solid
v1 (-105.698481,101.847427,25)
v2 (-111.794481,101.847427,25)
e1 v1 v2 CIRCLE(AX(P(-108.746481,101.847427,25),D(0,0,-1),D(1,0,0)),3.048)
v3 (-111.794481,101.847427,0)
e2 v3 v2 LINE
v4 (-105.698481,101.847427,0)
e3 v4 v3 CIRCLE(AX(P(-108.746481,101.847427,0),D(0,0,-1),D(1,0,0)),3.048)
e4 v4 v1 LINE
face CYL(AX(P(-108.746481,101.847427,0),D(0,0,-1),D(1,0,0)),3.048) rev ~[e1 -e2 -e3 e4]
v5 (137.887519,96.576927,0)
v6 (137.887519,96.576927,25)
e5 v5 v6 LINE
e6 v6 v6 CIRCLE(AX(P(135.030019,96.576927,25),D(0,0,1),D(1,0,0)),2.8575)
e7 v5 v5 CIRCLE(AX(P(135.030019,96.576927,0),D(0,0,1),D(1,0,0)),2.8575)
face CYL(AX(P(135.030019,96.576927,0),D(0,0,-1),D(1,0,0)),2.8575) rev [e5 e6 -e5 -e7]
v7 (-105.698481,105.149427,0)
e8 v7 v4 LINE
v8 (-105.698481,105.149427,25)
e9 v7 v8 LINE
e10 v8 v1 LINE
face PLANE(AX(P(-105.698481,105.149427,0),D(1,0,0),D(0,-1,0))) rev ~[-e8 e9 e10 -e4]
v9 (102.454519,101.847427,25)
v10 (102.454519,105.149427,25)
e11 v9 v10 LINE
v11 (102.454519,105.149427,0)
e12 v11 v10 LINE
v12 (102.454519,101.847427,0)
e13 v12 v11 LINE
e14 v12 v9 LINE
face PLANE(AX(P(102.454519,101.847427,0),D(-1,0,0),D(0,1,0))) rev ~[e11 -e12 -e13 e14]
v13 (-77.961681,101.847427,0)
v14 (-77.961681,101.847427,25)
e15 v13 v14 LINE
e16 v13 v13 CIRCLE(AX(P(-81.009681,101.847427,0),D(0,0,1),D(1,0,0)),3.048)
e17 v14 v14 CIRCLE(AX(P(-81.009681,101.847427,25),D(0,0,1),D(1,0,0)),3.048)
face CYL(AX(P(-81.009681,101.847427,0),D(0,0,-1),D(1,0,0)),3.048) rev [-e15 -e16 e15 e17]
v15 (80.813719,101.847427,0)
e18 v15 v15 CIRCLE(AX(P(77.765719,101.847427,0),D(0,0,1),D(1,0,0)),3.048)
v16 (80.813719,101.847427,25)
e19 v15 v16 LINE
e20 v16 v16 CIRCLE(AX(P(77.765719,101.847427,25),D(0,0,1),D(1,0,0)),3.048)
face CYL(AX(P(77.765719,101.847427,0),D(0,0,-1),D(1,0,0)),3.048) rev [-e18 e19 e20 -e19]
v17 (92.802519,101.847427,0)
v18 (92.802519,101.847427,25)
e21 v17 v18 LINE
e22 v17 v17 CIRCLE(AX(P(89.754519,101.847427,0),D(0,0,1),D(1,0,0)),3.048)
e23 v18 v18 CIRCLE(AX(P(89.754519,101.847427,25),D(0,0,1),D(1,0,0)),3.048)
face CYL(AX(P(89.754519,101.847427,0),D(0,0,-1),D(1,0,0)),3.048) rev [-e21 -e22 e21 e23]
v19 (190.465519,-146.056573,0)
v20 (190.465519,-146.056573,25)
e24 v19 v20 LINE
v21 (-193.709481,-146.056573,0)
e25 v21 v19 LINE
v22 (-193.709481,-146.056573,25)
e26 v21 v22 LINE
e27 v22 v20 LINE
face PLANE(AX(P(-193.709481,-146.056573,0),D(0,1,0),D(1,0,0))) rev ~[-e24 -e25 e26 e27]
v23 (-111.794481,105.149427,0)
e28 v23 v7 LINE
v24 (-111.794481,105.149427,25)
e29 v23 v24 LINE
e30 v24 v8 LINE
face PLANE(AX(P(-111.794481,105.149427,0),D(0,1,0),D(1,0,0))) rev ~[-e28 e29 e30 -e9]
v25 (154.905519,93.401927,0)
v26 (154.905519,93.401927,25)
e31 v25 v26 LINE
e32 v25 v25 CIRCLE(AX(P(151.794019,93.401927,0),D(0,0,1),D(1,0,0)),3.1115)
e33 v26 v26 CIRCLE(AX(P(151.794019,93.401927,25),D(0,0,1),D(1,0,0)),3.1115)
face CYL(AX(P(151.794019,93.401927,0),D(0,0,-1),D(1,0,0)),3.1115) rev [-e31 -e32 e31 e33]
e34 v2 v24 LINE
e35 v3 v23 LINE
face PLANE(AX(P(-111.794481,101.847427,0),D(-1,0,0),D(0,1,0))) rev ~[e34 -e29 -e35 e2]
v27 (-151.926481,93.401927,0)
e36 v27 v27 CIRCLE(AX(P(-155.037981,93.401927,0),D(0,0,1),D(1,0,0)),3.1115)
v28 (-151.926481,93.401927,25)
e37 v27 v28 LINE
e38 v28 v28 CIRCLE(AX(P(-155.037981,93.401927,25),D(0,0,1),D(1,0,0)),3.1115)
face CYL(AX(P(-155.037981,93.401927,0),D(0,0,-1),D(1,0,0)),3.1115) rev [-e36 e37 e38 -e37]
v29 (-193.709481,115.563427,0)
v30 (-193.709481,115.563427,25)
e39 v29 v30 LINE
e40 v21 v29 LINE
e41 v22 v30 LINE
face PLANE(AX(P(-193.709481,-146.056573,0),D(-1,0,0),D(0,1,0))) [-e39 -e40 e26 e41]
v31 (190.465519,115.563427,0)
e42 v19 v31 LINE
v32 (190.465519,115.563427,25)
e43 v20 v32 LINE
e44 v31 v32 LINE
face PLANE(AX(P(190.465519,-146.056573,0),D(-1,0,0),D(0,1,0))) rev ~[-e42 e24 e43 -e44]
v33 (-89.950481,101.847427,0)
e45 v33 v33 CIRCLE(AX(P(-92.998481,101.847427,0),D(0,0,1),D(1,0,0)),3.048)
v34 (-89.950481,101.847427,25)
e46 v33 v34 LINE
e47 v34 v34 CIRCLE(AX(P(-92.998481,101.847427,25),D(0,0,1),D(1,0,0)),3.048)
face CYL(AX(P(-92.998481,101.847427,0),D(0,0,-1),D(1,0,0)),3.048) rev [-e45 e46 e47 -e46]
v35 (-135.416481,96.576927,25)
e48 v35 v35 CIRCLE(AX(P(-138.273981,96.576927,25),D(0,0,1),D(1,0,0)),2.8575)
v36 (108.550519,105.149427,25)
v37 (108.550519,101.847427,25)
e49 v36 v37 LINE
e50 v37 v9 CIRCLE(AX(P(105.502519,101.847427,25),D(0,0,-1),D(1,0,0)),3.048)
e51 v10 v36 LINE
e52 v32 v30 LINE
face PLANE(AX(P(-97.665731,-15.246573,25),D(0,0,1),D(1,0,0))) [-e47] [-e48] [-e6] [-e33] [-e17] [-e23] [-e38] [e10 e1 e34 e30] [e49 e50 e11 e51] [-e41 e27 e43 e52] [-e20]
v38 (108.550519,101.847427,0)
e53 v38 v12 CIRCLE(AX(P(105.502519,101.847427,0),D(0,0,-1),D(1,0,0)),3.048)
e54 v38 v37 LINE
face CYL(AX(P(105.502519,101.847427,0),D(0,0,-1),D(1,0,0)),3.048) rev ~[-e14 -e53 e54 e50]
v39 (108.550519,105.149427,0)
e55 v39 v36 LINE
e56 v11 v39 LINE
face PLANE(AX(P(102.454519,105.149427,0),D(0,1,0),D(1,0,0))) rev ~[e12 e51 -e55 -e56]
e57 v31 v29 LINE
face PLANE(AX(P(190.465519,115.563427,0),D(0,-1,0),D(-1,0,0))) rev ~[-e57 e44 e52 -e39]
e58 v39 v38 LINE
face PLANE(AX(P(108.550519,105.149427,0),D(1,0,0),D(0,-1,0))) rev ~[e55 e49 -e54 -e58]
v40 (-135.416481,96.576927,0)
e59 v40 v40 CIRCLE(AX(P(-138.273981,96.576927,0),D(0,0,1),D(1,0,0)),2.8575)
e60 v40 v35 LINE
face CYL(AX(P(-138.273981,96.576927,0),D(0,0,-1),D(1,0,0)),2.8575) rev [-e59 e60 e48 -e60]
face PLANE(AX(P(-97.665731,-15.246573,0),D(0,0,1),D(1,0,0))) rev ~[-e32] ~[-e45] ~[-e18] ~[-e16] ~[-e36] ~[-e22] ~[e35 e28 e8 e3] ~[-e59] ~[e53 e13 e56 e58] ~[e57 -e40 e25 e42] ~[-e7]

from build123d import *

# Parameters (mm, degrees)
F0_W     = 192.0875
F0_H     = 261.62
F0_R     = 3.048
F0_R_2   = 2.8575
F0_R_3   = 3.1115
F1_DEPTH = 25


with BuildPart() as f1:
    # F0 (on Top) → F1 (new body)
    with BuildSketch(Plane.XY):
        with Locations((-97.6657310909, -15.2465730985)):
            Rectangle(F0_W, F0_H)
        Polygon((-159.5464810909, 107.4395775795), (-75.4724810909, 107.4395775795), (-75.4724810909, 88.3854269015), (-159.5464810909, 88.3854269015), (-159.5464810909, 100.9584269015), align=None, mode=Mode.SUBTRACT)
        with Locations((94.4217689091, -15.2465730985)):
            Rectangle(F0_W, F0_H)
        Polygon((156.3025189091, 88.3854269015), (72.2285189091, 88.3854269015), (72.2285189091, 107.4395775795), (156.3025189091, 107.4395775795), (156.3025189091, 100.9584269015), align=None, mode=Mode.SUBTRACT)
        Polygon((72.2285189091, 107.4395775795), (72.2285189091, 88.3854269015), (156.3025189091, 88.3854269015), (156.3025189091, 100.9584269015), (156.3025189091, 107.4395775795), align=None)
        with Locations((77.7657189091, 101.8474269015)):
            Circle(F0_R, mode=Mode.SUBTRACT)
        with Locations((89.7545189091, 101.8474269015)):
            Circle(F0_R, mode=Mode.SUBTRACT)
        with Locations((135.0300189091, 96.5769269015)):
            Circle(F0_R_2, mode=Mode.SUBTRACT)
        with BuildLine():
            ThreePointArc((108.5505189091, 101.8474269015), (105.5025189091, 98.7994269015), (102.4545189091, 101.8474269015))
            Line((102.4545189091, 101.8474269015), (102.4545189091, 105.1494269015))
            Line((102.4545189091, 105.1494269015), (108.5505189091, 105.1494269015))
            Line((108.5505189091, 105.1494269015), (108.5505189091, 101.8474269015))
        make_face(mode=Mode.SUBTRACT)
        with Locations((151.7940189091, 93.4019269015)):
            Circle(F0_R_3, mode=Mode.SUBTRACT)
        Polygon((-75.4724810909, 88.3854269015), (-75.4724810909, 107.4395775795), (-159.5464810909, 107.4395775795), (-159.5464810909, 100.9584269015), (-159.5464810909, 88.3854269015), align=None)
        with Locations((-155.0379810909, 93.4019269015)):
            Circle(F0_R_3, mode=Mode.SUBTRACT)
        with Locations((-138.2739810909, 96.5769269015)):
            Circle(F0_R_2, mode=Mode.SUBTRACT)
        with BuildLine():
            Line((-105.6984810909, 105.1494269015), (-105.6984810909, 101.8474269015))
            ThreePointArc((-105.6984810909, 101.8474269015), (-108.7464810909, 98.7994269015), (-111.7944810909, 101.8474269015))
            Line((-111.7944810909, 101.8474269015), (-111.7944810909, 105.1494269015))
            Line((-111.7944810909, 105.1494269015), (-105.6984810909, 105.1494269015))
        make_face(mode=Mode.SUBTRACT)
        with Locations((-92.9984810909, 101.8474269015)):
            Circle(F0_R, mode=Mode.SUBTRACT)
        with Locations((-81.0096810909, 101.8474269015)):
            Circle(F0_R, mode=Mode.SUBTRACT)
    extrude(amount=F1_DEPTH)


solid = f1.part
